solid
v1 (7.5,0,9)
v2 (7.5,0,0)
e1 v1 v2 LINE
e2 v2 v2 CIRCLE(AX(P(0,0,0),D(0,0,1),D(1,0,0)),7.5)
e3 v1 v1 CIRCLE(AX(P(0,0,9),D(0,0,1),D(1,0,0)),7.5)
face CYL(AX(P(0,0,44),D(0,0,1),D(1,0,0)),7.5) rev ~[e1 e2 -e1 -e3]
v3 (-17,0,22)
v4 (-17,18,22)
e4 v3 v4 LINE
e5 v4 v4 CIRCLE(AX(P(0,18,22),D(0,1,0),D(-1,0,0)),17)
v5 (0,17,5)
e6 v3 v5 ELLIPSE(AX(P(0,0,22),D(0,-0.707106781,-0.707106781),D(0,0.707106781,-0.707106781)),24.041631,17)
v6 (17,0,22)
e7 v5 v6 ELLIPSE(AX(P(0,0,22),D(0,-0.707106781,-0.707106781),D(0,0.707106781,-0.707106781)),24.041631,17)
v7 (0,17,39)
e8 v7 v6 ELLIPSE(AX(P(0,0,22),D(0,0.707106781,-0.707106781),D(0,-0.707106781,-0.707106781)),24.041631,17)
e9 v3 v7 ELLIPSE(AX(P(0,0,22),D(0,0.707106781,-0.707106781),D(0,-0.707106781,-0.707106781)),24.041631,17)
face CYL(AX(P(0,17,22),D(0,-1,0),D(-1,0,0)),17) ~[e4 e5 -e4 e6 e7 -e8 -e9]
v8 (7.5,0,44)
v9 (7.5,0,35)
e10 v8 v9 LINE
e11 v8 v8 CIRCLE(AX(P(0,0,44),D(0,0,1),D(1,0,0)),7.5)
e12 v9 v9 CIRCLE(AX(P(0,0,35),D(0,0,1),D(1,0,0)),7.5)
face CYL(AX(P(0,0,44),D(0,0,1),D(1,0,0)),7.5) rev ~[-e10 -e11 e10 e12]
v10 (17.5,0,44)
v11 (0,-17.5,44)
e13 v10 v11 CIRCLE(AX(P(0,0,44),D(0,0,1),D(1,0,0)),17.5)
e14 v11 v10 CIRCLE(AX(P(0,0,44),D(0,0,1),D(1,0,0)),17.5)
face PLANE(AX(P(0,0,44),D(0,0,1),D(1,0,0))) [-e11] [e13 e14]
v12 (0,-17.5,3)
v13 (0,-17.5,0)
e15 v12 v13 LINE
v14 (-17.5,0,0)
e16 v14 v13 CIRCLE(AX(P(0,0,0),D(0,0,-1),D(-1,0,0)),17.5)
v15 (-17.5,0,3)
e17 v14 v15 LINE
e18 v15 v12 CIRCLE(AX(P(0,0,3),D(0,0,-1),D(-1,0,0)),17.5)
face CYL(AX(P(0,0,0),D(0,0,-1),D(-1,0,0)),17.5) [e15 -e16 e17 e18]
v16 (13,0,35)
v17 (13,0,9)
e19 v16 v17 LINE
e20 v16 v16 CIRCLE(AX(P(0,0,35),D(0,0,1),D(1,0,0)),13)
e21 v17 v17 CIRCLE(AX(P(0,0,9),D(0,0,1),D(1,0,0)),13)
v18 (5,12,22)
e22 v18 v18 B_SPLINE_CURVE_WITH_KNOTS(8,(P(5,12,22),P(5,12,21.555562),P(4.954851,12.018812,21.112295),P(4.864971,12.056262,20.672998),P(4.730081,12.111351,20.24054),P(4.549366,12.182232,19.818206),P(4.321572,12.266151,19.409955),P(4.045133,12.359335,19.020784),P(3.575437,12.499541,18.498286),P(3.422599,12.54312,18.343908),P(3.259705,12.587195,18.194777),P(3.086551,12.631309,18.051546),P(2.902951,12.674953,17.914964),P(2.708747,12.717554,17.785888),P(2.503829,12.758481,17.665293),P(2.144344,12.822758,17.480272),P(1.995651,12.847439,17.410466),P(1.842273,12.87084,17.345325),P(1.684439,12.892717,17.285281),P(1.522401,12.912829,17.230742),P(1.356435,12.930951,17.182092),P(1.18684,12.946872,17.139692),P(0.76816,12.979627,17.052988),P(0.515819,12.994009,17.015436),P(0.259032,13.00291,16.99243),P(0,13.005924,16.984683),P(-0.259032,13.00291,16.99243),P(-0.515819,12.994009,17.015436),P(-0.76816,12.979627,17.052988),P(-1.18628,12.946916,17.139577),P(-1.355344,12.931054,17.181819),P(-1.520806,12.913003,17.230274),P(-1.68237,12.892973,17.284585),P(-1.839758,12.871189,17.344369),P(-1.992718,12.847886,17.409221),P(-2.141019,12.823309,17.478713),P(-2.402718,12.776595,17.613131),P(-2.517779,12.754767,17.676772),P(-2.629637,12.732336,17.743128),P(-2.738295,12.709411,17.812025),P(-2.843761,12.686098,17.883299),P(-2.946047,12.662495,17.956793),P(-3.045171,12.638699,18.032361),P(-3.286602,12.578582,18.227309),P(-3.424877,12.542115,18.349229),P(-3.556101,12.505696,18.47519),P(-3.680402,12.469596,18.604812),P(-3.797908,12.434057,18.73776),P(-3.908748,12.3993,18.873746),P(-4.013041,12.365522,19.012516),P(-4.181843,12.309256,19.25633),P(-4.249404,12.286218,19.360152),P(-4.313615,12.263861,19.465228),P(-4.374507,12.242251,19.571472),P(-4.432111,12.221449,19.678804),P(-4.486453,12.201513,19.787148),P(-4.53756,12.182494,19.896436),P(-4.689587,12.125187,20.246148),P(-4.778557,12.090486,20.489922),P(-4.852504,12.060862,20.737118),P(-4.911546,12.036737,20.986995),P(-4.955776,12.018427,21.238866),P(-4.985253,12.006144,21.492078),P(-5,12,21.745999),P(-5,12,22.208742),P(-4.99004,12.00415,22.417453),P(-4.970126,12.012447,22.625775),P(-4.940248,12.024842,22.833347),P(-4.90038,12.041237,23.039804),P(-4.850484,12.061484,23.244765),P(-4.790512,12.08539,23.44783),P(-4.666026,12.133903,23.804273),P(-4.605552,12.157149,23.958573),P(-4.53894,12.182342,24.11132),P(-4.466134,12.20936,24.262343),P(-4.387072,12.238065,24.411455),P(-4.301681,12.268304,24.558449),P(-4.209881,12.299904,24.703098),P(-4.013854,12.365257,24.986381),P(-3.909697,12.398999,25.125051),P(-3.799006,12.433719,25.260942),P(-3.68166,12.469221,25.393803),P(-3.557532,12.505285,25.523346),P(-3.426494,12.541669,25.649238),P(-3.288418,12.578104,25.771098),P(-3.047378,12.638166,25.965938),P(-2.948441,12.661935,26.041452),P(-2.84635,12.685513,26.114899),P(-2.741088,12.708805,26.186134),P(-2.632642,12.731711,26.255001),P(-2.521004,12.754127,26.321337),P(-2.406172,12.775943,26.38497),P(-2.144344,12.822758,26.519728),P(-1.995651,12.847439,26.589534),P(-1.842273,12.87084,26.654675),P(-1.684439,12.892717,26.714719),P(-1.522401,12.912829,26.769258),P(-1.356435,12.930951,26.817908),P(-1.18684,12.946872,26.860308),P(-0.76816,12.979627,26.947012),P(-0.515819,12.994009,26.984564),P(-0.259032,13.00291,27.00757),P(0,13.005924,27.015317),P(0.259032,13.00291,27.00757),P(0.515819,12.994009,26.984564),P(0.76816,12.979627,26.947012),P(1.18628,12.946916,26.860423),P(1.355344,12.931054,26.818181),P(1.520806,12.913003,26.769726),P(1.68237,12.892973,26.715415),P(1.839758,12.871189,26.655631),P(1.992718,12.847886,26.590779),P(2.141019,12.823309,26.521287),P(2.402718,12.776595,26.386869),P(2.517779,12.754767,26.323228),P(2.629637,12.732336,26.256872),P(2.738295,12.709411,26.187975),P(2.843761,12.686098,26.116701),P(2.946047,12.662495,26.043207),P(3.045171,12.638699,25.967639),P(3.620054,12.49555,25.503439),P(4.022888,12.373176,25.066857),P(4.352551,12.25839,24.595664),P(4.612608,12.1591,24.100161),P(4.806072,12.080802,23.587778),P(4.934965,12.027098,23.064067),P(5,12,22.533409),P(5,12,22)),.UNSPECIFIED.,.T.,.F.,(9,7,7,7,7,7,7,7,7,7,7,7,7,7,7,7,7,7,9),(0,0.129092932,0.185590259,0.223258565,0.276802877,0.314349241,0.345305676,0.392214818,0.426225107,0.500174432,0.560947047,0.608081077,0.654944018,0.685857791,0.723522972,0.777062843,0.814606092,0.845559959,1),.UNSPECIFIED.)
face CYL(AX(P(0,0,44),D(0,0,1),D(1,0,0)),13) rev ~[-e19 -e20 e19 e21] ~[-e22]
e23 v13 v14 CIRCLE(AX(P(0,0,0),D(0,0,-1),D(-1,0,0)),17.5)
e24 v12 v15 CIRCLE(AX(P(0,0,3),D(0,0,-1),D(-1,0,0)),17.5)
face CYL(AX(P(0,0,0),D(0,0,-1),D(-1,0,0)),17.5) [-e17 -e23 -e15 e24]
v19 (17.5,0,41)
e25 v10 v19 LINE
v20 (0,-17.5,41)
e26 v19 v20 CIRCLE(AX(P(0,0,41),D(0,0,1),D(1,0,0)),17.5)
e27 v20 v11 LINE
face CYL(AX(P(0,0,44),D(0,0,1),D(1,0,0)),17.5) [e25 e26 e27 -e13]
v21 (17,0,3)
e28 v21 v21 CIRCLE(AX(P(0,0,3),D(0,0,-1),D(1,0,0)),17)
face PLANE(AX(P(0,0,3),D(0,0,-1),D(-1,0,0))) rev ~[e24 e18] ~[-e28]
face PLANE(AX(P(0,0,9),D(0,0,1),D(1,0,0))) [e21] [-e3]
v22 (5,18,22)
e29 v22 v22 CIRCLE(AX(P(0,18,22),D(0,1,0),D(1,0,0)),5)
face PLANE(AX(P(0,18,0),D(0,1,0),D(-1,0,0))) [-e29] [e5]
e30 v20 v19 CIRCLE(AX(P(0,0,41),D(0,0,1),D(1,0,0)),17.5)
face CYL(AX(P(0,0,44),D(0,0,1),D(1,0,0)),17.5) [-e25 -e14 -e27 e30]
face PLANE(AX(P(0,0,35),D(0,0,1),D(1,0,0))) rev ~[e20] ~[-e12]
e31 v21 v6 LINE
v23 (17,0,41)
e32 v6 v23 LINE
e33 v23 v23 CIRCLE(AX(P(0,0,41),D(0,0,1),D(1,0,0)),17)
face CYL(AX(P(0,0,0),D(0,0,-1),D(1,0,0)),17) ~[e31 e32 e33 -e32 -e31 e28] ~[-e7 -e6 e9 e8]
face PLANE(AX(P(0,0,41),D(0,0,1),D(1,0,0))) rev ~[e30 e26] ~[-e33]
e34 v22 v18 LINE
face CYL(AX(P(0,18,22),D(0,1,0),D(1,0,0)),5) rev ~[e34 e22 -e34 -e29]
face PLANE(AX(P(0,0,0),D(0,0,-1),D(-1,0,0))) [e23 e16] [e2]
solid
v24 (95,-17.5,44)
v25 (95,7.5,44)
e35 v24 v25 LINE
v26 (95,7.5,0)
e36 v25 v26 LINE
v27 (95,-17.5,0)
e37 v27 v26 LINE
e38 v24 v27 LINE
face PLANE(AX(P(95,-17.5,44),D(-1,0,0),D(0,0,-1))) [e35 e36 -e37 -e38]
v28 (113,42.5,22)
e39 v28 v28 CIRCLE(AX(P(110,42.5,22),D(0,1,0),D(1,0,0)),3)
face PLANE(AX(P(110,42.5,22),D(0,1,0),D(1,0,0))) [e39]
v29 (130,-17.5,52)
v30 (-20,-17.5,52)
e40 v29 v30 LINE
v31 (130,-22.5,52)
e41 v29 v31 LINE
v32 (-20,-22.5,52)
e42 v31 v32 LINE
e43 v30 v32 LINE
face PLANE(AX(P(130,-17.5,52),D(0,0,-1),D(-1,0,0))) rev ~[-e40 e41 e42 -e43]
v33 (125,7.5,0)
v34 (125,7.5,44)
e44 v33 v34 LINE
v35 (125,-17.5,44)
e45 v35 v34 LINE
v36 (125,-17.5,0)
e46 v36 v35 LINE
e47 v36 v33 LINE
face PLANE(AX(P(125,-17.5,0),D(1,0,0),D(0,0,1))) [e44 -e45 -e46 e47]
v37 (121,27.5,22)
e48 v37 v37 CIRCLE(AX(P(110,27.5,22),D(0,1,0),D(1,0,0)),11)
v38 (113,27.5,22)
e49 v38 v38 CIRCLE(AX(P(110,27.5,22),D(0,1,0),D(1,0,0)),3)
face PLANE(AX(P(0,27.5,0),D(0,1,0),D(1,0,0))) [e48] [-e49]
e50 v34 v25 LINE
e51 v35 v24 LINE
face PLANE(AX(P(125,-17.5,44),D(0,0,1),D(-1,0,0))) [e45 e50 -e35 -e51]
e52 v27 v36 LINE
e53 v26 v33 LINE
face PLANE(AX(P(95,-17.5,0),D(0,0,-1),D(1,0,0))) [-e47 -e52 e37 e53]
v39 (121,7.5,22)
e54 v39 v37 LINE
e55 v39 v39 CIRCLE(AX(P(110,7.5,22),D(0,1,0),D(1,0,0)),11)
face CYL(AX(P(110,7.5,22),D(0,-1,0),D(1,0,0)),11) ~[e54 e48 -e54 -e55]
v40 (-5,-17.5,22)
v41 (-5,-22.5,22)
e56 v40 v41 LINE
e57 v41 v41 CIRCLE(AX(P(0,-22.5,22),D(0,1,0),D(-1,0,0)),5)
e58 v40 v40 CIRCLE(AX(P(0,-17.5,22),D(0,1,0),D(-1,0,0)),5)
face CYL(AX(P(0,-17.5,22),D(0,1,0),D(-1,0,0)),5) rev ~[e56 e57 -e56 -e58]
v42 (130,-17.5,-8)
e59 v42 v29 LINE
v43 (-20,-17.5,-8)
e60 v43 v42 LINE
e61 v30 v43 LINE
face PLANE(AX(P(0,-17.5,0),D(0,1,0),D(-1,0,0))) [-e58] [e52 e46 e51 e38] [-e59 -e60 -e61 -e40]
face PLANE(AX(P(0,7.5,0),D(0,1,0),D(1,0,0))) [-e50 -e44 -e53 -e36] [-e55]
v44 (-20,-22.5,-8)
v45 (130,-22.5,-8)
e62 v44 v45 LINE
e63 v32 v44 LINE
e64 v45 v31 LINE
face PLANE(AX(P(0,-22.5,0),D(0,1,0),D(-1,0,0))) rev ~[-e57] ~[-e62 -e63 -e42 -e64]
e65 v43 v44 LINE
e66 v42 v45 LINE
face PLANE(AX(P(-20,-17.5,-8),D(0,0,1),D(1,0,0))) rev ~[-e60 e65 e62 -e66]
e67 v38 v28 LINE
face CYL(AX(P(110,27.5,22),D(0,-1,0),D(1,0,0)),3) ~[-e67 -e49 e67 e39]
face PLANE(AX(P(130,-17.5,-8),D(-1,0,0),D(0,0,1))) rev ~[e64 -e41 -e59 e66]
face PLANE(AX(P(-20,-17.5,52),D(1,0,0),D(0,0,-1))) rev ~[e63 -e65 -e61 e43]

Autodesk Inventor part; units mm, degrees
ref_plane "YZ Plane" through (0, 0, 0) normal (1, 0, 0) x (0, 1, 0)
sketch "Skizze7" plane through (0, 0, 0) normal (0, 0, 1) x (1, 0, 0)
  line L0 (-23.8, 0) -> (23.8, 0) projected
  line L1 (0, -23.8) -> (0, 23.8) projected
  circle A0 centre (0, 0) radius 17
  dimension "d18" = 34
extrude "Extrusion7" add sketch "Skizze7" along normal blind 44
sketch "Skizze8" plane through (0, 0, 44) normal (0, 0, 1) x (1, 0, 0)
  circle A0 centre (0, 0) radius 13
  dimension "d21" = 26
extrude "Extrusion8" cut sketch "Skizze8" against normal blind 44
ref_plane "Arbeitsebene2" through (0, 17, 0) normal (0, 1, 0) x (-1, 0, 0)
sketch "Skizze9" plane through (0, 17, 0) normal (0, 1, 0) x (-1, 0, 0)
  circle A0 centre (0, 22) radius 17
  line L0 (17, 44) -> (-17, 44) projected
  point P0 (0, 0)
  dimension "d25" = 34
  dimension "d26" = 22
extrude "Extrusion9" add sketch "Skizze9" along normal blind 1 and the other way blind 17
sketch "Skizze10" plane through (0, 0, 44) normal (0, 0, 1) x (1, 0, 0)
  circle A0 centre (0, 0) radius 13
extrude "Extrusion10" cut sketch "Skizze10" against normal blind 44
sketch "Skizze11" plane through (0, 18, 22) normal (0, 1, 0) x (1, 0, 0)
  circle A0 centre (0, 0) radius 5
  point P0 (0, 22)
  dimension "d33" = 10
extrude "Extrusion11" cut sketch "Skizze11" against normal blind 20
sketch "Skizze12" plane through (0, 0, 44) normal (0, 0, 1) x (1, 0, 0)
  point P0 (0, 0)
  point P1 (0, 0)
sketch "Skizze13" plane through (0, 0, 44) normal (0, 0, 1) x (1, 0, 0)
  circle A0 centre (0, 0) radius 7.5
  circle A1 centre (0, 0) radius 13
  dimension "d36" = 15
extrude "Extrusion12" add sketch "Skizze13" against normal blind 44
sketch "Skizze14" plane through (0, 0, 44) normal (0, 0, 1) x (1, 0, 0)
  circle A0 centre (0, 0) radius 13
  dimension "d39" = 26
extrude "Extrusion13" cut sketch "Skizze14" against normal blind 35
sketch "Skizze15" plane through (0, 0, 44) normal (0, 0, 1) x (1, 0, 0)
  circle A0 centre (0, 0) radius 7.5
  circle A1 centre (0, 0) radius 13
extrude "Extrusion14" add sketch "Skizze15" against normal blind 9
sketch "Skizze16" plane through (0, 0, 44) normal (0, 0, 1) x (1, 0, 0)
  circle A0 centre (0, 0) radius 13 projected
  circle A1 centre (0, 0) radius 17.5
  circle A2 centre (0, 0) radius 17 projected
  circle A3 centre (0, 0) radius 17
  dimension "d44" = 35
  dimension "d45" = 34
extrude "Extrusion15" add sketch "Skizze16" against normal blind 3 contours A1
sketch "Skizze17" plane through (0, 0, 0) normal (0, 0, -1) x (-1, 0, 0)
  circle A0 centre (0, 0) radius 17
  circle A1 centre (0, 0) radius 17.5
  dimension "d48" = 35
  dimension "d49" = 34
extrude "Extrusion16" add sketch "Skizze17" against normal blind 3
ref_plane "Arbeitsebene4" through (0, -17.5, 0) normal (0, 1, 0) x (-1, 0, 0)
sketch "Skizze21" plane through (0, -17.5, 0) normal (0, 1, 0) x (-1, 0, 0)
  line L0 (20, -8) -> (-130, -8)
  line L1 (-130, -8) -> (-130, 52)
  line L2 (-130, 52) -> (20, 52)
  line L3 (20, 52) -> (20, -8)
  circle A0 centre (0, 22) radius 5 projected
  line L4 (-67, 44) -> (-97, 44) projected
  point P0 (0, 0)
  dimension "d74" = 60
  dimension "d75" = 150
  dimension "d76" = 20
  dimension "d77" = 8
extrude "Extrusion20" add sketch "Skizze21" against normal blind 5
sketch "Skizze22" plane through (0, -17.5, 0) normal (0, 1, 0) x (1, 0, 0)
  line L0 (95, 0) -> (125, 0)
  line L1 (125, 0) -> (125, -44)
  line L2 (125, -44) -> (95, -44)
  line L3 (95, -44) -> (95, 0)
  line L4 (130, 8) -> (-20, 8) projected
  line L5 (130, -52) -> (130, 8) projected
  line L6 (-20, -52) -> (130, -52) projected
  point P0 (0, 0)
  dimension "d80" = 8
  dimension "d81" = 5
  dimension "d82" = 30
  dimension "d83" = 8
extrude "Extrusion21" add sketch "Skizze22" along normal blind 25
sketch "Skizze23" plane through (0, 7.5, 0) normal (0, 1, 0) x (1, 0, 0)
  circle A0 centre (110, -22) radius 11
  line L0 (95, -44) -> (125, -44) projected
  line L1 (95, 0) -> (95, -44) projected
  point P0 (0, 0)
  dimension "d86" = 22
  dimension "d87" = 22
  dimension "d88" = 15
extrude "Extrusion22" add sketch "Skizze23" along normal blind 20
sketch "Skizze24" plane through (110, 27.5, 22) normal (0, 1, 0) x (1, 0, 0)
  circle A0 centre (0, 0) radius 3
  point P0 (-110, 22)
  dimension "d91" = 6
extrude "Extrusion23" add sketch "Skizze24" along normal blind 15
properties part number "Ventilrohr"
